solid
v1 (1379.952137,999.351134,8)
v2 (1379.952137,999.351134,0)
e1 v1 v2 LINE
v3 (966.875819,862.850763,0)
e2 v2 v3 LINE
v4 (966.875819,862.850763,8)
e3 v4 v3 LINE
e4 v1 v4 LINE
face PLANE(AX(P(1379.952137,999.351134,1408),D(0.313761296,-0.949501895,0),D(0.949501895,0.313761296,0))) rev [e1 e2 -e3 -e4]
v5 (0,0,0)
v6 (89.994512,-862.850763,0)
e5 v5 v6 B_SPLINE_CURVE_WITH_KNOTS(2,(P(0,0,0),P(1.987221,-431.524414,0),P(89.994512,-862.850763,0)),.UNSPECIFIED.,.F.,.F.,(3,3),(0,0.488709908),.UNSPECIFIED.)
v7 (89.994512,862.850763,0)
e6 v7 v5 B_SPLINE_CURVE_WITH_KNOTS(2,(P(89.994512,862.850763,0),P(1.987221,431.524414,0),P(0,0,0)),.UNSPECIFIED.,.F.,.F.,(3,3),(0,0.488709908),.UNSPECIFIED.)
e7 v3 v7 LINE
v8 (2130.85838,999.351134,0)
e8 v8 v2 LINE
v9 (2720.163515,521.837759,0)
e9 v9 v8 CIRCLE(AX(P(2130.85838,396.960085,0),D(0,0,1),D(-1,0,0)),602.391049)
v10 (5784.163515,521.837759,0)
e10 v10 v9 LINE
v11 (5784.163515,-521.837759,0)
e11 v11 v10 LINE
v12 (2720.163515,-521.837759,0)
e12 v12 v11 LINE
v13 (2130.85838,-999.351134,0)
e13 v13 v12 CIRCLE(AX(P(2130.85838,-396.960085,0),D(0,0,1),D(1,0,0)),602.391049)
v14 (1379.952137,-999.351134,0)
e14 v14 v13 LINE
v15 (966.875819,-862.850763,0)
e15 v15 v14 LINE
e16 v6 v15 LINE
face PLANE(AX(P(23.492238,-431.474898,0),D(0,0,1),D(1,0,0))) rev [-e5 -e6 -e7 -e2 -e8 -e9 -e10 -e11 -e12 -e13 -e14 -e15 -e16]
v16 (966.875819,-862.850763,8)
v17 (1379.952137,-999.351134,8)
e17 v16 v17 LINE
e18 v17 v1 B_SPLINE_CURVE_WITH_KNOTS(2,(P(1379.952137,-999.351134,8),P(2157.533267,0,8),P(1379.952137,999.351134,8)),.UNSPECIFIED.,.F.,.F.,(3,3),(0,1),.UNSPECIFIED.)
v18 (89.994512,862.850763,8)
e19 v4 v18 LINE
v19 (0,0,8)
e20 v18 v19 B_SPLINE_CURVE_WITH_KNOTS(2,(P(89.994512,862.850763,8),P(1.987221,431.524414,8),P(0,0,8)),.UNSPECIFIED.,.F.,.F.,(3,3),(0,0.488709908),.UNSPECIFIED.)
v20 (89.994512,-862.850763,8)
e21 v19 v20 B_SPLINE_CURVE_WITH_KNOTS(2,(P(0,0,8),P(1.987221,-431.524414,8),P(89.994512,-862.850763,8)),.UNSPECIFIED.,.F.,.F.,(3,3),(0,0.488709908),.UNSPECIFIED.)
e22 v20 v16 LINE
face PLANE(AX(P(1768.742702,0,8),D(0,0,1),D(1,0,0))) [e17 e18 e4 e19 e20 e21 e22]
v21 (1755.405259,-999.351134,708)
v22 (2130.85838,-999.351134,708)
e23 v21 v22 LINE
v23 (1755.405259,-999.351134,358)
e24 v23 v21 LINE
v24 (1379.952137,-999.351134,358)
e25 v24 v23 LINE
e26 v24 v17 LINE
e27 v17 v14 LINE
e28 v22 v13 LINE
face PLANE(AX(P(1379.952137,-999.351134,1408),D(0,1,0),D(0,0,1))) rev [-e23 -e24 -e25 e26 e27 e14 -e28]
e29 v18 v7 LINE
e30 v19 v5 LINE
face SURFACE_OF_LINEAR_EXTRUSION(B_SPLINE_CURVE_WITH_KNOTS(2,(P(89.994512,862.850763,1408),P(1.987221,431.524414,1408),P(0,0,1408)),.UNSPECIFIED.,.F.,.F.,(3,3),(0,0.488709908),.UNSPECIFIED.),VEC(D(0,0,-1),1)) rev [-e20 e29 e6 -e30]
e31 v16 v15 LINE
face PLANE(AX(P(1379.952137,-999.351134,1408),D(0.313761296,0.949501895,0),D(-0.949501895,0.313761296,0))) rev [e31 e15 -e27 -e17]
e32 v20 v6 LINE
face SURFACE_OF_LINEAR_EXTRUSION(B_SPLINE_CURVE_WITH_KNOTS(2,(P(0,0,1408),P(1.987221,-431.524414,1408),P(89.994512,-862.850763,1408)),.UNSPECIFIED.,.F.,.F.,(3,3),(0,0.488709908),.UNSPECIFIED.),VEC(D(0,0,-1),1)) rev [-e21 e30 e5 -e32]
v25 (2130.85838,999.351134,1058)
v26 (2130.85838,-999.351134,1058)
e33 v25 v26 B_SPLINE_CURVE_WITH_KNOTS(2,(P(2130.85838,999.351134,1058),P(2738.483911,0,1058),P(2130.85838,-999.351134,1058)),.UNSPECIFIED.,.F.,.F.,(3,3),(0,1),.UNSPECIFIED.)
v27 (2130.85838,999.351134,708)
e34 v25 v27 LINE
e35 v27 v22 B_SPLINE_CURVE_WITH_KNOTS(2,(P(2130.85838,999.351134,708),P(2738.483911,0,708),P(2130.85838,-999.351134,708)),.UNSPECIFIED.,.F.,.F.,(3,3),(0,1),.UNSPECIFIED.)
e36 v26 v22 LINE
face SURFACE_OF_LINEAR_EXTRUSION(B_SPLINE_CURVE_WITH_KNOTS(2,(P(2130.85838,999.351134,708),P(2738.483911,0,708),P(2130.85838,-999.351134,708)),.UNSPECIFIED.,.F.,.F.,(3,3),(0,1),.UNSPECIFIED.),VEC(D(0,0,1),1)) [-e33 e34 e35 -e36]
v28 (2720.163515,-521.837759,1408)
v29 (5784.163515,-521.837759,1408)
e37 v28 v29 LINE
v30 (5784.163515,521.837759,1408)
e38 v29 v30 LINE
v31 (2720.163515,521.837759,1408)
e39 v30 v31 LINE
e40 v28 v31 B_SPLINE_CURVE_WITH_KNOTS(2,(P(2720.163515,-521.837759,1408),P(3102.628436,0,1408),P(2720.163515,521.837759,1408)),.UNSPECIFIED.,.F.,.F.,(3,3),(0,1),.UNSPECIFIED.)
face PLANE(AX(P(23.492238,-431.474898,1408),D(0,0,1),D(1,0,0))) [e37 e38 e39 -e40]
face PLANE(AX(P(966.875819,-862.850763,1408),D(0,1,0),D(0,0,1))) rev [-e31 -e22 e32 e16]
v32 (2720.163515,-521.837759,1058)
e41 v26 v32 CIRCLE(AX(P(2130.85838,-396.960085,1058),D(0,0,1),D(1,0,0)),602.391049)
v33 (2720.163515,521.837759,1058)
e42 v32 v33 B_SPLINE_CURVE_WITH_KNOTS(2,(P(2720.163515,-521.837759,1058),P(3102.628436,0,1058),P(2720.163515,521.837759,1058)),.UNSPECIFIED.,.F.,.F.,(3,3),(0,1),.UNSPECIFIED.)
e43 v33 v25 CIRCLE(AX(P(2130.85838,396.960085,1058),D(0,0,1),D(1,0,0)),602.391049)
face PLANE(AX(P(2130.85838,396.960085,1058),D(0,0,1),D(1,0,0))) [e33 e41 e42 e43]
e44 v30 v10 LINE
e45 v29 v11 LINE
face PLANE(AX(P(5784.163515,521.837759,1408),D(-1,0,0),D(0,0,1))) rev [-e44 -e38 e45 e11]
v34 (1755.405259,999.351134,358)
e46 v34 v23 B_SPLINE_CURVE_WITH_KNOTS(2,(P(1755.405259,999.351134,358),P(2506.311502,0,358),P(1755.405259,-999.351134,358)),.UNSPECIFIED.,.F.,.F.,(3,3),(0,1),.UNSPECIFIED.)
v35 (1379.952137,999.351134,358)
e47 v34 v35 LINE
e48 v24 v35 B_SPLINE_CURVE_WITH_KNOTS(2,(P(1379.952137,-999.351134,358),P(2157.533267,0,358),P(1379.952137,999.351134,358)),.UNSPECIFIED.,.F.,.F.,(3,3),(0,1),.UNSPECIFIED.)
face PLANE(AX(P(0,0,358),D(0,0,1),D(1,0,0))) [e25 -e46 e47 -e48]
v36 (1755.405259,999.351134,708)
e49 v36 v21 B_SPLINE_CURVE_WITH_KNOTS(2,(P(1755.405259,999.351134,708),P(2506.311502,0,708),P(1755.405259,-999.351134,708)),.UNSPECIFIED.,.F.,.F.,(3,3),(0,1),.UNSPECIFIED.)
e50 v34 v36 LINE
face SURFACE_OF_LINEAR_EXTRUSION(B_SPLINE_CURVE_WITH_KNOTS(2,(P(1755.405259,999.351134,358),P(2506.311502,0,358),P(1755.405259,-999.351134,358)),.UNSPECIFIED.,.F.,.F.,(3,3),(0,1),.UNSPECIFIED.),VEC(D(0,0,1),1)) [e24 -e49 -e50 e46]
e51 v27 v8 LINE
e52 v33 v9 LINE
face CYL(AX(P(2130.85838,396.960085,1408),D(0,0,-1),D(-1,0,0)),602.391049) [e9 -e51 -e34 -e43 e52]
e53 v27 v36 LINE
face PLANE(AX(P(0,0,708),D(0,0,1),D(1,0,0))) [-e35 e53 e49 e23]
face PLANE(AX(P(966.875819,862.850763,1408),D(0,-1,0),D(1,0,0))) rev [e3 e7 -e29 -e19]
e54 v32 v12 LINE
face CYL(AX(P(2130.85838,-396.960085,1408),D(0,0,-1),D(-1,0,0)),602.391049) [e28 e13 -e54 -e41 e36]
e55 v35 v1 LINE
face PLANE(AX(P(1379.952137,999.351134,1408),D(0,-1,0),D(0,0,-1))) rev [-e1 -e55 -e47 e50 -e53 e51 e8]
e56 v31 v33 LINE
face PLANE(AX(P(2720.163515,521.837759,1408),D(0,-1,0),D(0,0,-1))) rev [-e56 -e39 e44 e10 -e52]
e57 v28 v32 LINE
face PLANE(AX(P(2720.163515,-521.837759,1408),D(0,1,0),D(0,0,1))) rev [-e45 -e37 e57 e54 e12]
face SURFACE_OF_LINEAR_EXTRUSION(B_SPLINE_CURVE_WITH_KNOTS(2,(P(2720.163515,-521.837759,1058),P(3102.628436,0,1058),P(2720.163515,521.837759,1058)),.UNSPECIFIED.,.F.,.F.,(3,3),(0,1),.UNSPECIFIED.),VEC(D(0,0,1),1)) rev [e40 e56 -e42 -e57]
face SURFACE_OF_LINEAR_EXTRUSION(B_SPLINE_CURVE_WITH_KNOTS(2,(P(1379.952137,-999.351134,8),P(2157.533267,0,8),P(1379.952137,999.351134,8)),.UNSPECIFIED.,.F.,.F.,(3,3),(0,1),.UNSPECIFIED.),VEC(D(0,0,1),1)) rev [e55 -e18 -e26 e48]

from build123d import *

# Parameters (mm, degrees)
BOSS_EXTRU_2_DEPTH       = 1408
ENL_V_START              = 1058
ENL_V_MAT_EXTRU_9_DEPTH  = 350
ENL_V_MAT_EXTRU_10_DEPTH = 350
ENL_V_MAT_EXTRU_11_DEPTH = 350
ENL_V_MAT_EXTRU_12_DEPTH = 350


with BuildPart() as part:
    # Esquisse2 → Boss.-Extru.2 (new body)
    with BuildSketch(Plane.XY):
        with BuildLine():
            Line((2720.163515451, 521.837758863), (5784.163515451, 521.837758863))
            Line((5784.163515451, 521.837758863), (5784.163515451, -521.837758863))
            Line((5784.163515451, -521.837758863), (2720.163515451, -521.837758863))
            ThreePointArc((2720.163515451, -521.837758863), (2510.100903564, -864.987952329), (2130.858380196, -999.35113426))
            Line((2130.858380196, -999.35113426), (1379.952136984, -999.35113426))
            Line((1379.952136984, -999.35113426), (966.87581893, -862.850763473))
            Line((966.87581893, -862.850763473), (89.994512184, -862.850763473))
            add(Edge.make_bspline(
                [(89.994512184, -862.850763473), (1.98722085, -431.524414356), (0, 0)],
                knots=[0, 0, 0, 0.488709908, 0.488709908, 0.488709908], degree=2))
            add(Edge.make_bspline(
                [(89.994512184, 862.850763473), (1.98722085, 431.524414356), (0, 0)],
                knots=[0, 0, 0, 0.488709908, 0.488709908, 0.488709908], degree=2))
            Line((89.994512184, 862.850763473), (966.87581893, 862.850763473))
            Line((966.87581893, 862.850763473), (1379.952136984, 999.35113426))
            Line((1379.952136984, 999.35113426), (2130.858380196, 999.35113426))
            ThreePointArc((2130.858380196, 999.35113426), (2510.100903564, 864.987952329), (2720.163515451, 521.837758863))
        make_face()
    extrude(amount=BOSS_EXTRU_2_DEPTH)

    # Esquisse3 → Enlèv. mat.-Extru.9 (cut)
    with BuildSketch(Plane.XY.offset(ENL_V_START)):
        with BuildLine():
            Line((1379.952136984, 999.351134268), (2130.858380196, 999.351134268))
            ThreePointArc((2130.858380196, 999.351134268), (2510.100903563, 864.987952337), (2720.163515451, 521.837758871))
            add(Edge.make_bspline(
                [(2720.163515451, 521.837758871), (3102.628436134, 8e-09), (2720.163515451, -521.837758855)],
                knots=[0, 0, 0, 1, 1, 1], degree=2))
            ThreePointArc((2720.163515451, -521.837758855), (2510.100903563, -864.987952321), (2130.858380196, -999.351134252))
            Line((2130.858380196, -999.351134252), (1379.952136984, -999.351134252))
            Line((1379.952136984, -999.351134252), (966.87581893, -862.850763465))
            Line((966.87581893, -862.850763465), (89.994512183, -862.850763465))
            add(Edge.make_bspline(
                [(89.994512183, -862.850763465), (1.98722085, -431.524414347), (0, 8e-09)],
                knots=[0, 0, 0, 0.488709908, 0.488709908, 0.488709908], degree=2))
            add(Edge.make_bspline(
                [(89.994512183, 862.850763482), (1.98722085, 431.524414364), (0, 8e-09)],
                knots=[0, 0, 0, 0.488709908, 0.488709908, 0.488709908], degree=2))
            Line((89.994512183, 862.850763482), (966.87581893, 862.850763482))
            Line((966.87581893, 862.850763482), (1379.952136984, 999.351134268))
        make_face()
    extrude(amount=ENL_V_MAT_EXTRU_9_DEPTH, mode=Mode.SUBTRACT)

    # Esquisse9 → Enlèv. mat.-Extru.10 (cut)
    with BuildSketch(Plane.XY.offset(1058)):
        with BuildLine():
            add(Edge.make_bspline(
                [(2130.858380196, 999.35113426), (2738.483910579, 0), (2130.858380196, -999.35113426)],
                knots=[0, 0, 0, 1, 1, 1], degree=2))
            Line((2130.858380196, -999.35113426), (1379.952136984, -999.351134252))
            Line((1379.952136984, -999.351134252), (966.87581893, -862.850763465))
            Line((966.87581893, -862.850763465), (89.994512183, -862.850763465))
            add(Edge.make_bspline(
                [(0, 8e-09), (1.98722085, -431.524414347), (89.994512183, -862.850763465)],
                knots=[0, 0, 0, 1, 1, 1], degree=2))
            add(Edge.make_bspline(
                [(89.994512183, 862.850763482), (1.98722085, 431.524414364), (0, 8e-09)],
                knots=[0, 0, 0, 1, 1, 1], degree=2))
            Line((89.994512183, 862.850763482), (966.87581893, 862.850763482))
            Line((966.87581893, 862.850763482), (1379.952136984, 999.351134268))
            Line((1379.952136984, 999.351134268), (2130.858380196, 999.35113426))
        make_face()
    extrude(amount=-ENL_V_MAT_EXTRU_10_DEPTH, mode=Mode.SUBTRACT)

    # Esquisse10 → Enlèv. mat.-Extru.11 (cut)
    with BuildSketch(Plane.XY.offset(708)):
        with BuildLine():
            Line((1755.405258589, 999.351134268), (1379.952136984, 999.351134268))
            Line((1379.952136984, 999.351134268), (966.87581893, 862.850763473))
            Line((966.87581893, 862.850763473), (89.994512184, 862.850763473))
            add(Edge.make_bspline(
                [(89.994512184, 862.850763473), (1.98722085, 431.524414356), (0, 0)],
                knots=[0, 0, 0, 0.488709908, 0.488709908, 0.488709908], degree=2))
            add(Edge.make_bspline(
                [(89.994512184, -862.850763473), (1.98722085, -431.524414356), (0, 0)],
                knots=[0, 0, 0, 0.488709908, 0.488709908, 0.488709908], degree=2))
            Line((89.994512184, -862.850763473), (966.87581893, -862.850763473))
            Line((966.87581893, -862.850763473), (1379.952136984, -999.35113426))
            Line((1379.952136984, -999.35113426), (1755.40525859, -999.35113426))
            add(Edge.make_bspline(
                [(1755.405258589, 999.351134268), (2506.311501802, 3e-09), (1755.40525859, -999.35113426)],
                knots=[0, 0, 0, 1, 1, 1], degree=2))
        make_face()
    extrude(amount=-ENL_V_MAT_EXTRU_11_DEPTH, mode=Mode.SUBTRACT)

    # Esquisse11 → Enlèv. mat.-Extru.12 (cut)
    with BuildSketch(Plane.XY.offset(358)):
        with BuildLine():
            Line((966.87581893, -862.850763465), (89.994512183, -862.850763465))
            add(Edge.make_bspline(
                [(89.994512183, -862.850763465), (-89.994512183, 8e-09), (89.994512183, 862.850763482)],
                knots=[0, 0, 0, 1, 1, 1], degree=2))
            Line((89.994512183, 862.850763482), (966.87581893, 862.850763482))
            Line((966.87581893, 862.850763482), (1379.952136984, 999.351134268))
            add(Edge.make_bspline(
                [(1379.952136984, 999.351134268), (2157.533266673, 6e-09), (1379.952136984, -999.351134252)],
                knots=[0, 0, 0, 1, 1, 1], degree=2))
            Line((1379.952136984, -999.351134252), (966.87581893, -862.850763465))
        make_face()
    extrude(amount=-ENL_V_MAT_EXTRU_12_DEPTH, mode=Mode.SUBTRACT)


solid = part.part
